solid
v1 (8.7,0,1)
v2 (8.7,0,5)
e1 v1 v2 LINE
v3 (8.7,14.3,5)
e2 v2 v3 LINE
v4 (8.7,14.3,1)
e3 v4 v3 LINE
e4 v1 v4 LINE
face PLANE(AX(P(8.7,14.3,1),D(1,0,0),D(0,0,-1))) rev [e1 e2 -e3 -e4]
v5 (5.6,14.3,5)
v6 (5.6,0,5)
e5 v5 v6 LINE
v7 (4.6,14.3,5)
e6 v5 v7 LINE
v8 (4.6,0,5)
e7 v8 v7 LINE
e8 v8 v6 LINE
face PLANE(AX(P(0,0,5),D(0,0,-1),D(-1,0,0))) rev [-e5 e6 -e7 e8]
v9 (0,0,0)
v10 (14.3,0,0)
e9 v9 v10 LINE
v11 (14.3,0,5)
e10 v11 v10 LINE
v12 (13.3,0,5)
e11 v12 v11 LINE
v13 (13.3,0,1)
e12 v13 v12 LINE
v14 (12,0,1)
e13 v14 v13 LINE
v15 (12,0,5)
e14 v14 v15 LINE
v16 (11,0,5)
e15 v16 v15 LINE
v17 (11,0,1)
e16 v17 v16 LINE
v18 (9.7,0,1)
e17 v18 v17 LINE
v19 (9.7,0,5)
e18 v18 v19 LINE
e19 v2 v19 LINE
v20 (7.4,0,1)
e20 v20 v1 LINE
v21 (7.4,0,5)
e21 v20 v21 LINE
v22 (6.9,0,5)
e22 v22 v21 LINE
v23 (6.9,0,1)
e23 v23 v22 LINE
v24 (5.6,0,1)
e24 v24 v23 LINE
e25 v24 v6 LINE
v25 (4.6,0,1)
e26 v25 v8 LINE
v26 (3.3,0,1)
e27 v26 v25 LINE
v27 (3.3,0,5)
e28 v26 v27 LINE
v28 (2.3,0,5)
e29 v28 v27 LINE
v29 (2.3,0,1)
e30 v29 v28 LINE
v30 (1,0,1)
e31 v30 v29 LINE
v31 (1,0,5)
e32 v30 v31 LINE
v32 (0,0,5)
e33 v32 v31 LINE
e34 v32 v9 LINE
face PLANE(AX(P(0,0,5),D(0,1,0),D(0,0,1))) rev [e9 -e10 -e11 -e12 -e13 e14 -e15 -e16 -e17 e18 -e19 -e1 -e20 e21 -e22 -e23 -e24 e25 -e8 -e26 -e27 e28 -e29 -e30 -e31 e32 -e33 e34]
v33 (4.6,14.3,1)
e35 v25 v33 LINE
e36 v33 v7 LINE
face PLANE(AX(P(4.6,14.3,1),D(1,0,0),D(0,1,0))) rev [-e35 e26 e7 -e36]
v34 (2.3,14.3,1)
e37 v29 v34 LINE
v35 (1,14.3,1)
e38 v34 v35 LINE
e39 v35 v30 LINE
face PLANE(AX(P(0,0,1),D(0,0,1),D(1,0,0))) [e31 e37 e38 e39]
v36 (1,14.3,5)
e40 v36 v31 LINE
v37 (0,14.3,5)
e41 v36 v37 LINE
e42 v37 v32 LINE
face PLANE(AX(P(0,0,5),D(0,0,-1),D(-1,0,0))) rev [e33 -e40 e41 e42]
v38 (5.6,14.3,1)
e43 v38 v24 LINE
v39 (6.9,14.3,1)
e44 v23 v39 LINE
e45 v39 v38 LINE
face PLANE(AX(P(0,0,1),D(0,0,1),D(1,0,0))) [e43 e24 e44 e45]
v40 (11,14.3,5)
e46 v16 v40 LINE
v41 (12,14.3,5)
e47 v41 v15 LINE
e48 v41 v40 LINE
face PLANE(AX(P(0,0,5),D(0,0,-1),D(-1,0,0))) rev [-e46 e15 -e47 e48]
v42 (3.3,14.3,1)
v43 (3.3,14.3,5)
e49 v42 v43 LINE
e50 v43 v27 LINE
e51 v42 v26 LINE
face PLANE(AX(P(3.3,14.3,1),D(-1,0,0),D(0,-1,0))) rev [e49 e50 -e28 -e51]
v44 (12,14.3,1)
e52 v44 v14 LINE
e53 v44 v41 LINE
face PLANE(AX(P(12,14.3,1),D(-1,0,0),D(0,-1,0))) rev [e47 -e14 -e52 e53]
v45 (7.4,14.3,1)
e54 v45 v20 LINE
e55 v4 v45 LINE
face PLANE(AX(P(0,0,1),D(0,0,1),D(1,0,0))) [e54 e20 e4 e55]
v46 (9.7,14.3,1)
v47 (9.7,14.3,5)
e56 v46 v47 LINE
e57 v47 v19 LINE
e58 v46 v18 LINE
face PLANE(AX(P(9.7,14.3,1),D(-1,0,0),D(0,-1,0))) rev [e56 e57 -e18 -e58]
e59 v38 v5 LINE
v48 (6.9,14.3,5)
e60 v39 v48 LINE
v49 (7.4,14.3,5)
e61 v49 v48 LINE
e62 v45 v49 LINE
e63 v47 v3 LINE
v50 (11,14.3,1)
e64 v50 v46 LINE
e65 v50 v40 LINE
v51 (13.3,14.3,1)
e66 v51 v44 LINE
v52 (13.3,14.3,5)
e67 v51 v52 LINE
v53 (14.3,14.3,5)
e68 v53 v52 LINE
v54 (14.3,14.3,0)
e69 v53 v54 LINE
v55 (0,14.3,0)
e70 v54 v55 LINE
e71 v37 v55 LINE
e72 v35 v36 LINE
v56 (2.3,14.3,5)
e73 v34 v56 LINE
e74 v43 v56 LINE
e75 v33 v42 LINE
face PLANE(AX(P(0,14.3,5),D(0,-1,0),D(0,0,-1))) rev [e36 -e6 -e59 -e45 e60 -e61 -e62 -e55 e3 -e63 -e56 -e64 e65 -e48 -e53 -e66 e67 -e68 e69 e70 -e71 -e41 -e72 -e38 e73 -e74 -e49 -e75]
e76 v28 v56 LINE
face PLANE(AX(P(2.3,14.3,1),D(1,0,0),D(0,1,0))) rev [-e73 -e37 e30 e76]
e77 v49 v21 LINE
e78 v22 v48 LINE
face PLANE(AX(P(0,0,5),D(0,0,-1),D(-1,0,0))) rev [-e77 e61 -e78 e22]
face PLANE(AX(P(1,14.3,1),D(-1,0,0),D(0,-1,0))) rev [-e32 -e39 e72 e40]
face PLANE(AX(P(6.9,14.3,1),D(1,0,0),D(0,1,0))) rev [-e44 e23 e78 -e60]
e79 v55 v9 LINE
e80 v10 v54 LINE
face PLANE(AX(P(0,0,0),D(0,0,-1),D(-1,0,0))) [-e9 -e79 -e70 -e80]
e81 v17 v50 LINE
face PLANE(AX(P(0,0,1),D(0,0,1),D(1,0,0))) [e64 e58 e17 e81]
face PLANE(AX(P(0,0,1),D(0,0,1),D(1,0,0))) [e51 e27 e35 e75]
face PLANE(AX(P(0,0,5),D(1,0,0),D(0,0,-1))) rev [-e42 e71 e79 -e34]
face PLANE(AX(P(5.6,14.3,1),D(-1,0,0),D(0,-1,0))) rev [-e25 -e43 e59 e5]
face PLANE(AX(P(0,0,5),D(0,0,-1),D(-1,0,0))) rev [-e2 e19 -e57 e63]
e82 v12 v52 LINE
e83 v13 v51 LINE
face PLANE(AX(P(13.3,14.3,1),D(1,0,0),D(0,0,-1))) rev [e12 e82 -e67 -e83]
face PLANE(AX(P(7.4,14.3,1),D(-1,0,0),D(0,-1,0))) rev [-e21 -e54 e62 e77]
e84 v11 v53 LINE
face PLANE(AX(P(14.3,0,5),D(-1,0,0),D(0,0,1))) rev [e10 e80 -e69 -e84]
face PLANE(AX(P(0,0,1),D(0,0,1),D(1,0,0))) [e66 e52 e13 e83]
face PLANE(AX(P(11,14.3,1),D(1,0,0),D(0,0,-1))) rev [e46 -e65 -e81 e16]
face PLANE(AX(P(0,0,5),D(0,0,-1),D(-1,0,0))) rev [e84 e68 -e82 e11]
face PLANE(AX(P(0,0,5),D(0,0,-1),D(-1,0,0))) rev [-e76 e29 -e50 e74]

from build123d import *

# Parameters (mm, degrees)
ESQUISSE1_W             = 14.3
ESQUISSE1_H             = 14.3
BOSS_EXTRU_1_DEPTH      = 5
ESQUISSE2_W             = 1.3
ESQUISSE2_H             = 14.3
ENL_V_MAT_EXTRU_1_DEPTH = 4


with BuildPart() as part:
    # Esquisse1 → Boss.-Extru.1 (new body)
    with BuildSketch(Plane.XY):
        with Locations((7.15, 7.15)):
            Rectangle(ESQUISSE1_W, ESQUISSE1_H)
    extrude(amount=BOSS_EXTRU_1_DEPTH)

    # Esquisse2 → Enlèv. mat.-Extru.1 (cut)
    with BuildSketch(Plane.XY.offset(5)):
        with Locations((1.65, 7.15)):
            Rectangle(ESQUISSE2_W, ESQUISSE2_H)
        with Locations((8.05, 7.15)):
            Rectangle(ESQUISSE2_W, ESQUISSE2_H)
        with Locations((3.95, 7.15)):
            Rectangle(ESQUISSE2_W, ESQUISSE2_H)
        with Locations((6.25, 7.15)):
            Rectangle(ESQUISSE2_W, ESQUISSE2_H)
        with Locations((10.35, 7.15)):
            Rectangle(ESQUISSE2_W, ESQUISSE2_H)
        with Locations((12.65, 7.15)):
            Rectangle(ESQUISSE2_W, ESQUISSE2_H)
    extrude(amount=-ENL_V_MAT_EXTRU_1_DEPTH, mode=Mode.SUBTRACT)


solid = part.part
